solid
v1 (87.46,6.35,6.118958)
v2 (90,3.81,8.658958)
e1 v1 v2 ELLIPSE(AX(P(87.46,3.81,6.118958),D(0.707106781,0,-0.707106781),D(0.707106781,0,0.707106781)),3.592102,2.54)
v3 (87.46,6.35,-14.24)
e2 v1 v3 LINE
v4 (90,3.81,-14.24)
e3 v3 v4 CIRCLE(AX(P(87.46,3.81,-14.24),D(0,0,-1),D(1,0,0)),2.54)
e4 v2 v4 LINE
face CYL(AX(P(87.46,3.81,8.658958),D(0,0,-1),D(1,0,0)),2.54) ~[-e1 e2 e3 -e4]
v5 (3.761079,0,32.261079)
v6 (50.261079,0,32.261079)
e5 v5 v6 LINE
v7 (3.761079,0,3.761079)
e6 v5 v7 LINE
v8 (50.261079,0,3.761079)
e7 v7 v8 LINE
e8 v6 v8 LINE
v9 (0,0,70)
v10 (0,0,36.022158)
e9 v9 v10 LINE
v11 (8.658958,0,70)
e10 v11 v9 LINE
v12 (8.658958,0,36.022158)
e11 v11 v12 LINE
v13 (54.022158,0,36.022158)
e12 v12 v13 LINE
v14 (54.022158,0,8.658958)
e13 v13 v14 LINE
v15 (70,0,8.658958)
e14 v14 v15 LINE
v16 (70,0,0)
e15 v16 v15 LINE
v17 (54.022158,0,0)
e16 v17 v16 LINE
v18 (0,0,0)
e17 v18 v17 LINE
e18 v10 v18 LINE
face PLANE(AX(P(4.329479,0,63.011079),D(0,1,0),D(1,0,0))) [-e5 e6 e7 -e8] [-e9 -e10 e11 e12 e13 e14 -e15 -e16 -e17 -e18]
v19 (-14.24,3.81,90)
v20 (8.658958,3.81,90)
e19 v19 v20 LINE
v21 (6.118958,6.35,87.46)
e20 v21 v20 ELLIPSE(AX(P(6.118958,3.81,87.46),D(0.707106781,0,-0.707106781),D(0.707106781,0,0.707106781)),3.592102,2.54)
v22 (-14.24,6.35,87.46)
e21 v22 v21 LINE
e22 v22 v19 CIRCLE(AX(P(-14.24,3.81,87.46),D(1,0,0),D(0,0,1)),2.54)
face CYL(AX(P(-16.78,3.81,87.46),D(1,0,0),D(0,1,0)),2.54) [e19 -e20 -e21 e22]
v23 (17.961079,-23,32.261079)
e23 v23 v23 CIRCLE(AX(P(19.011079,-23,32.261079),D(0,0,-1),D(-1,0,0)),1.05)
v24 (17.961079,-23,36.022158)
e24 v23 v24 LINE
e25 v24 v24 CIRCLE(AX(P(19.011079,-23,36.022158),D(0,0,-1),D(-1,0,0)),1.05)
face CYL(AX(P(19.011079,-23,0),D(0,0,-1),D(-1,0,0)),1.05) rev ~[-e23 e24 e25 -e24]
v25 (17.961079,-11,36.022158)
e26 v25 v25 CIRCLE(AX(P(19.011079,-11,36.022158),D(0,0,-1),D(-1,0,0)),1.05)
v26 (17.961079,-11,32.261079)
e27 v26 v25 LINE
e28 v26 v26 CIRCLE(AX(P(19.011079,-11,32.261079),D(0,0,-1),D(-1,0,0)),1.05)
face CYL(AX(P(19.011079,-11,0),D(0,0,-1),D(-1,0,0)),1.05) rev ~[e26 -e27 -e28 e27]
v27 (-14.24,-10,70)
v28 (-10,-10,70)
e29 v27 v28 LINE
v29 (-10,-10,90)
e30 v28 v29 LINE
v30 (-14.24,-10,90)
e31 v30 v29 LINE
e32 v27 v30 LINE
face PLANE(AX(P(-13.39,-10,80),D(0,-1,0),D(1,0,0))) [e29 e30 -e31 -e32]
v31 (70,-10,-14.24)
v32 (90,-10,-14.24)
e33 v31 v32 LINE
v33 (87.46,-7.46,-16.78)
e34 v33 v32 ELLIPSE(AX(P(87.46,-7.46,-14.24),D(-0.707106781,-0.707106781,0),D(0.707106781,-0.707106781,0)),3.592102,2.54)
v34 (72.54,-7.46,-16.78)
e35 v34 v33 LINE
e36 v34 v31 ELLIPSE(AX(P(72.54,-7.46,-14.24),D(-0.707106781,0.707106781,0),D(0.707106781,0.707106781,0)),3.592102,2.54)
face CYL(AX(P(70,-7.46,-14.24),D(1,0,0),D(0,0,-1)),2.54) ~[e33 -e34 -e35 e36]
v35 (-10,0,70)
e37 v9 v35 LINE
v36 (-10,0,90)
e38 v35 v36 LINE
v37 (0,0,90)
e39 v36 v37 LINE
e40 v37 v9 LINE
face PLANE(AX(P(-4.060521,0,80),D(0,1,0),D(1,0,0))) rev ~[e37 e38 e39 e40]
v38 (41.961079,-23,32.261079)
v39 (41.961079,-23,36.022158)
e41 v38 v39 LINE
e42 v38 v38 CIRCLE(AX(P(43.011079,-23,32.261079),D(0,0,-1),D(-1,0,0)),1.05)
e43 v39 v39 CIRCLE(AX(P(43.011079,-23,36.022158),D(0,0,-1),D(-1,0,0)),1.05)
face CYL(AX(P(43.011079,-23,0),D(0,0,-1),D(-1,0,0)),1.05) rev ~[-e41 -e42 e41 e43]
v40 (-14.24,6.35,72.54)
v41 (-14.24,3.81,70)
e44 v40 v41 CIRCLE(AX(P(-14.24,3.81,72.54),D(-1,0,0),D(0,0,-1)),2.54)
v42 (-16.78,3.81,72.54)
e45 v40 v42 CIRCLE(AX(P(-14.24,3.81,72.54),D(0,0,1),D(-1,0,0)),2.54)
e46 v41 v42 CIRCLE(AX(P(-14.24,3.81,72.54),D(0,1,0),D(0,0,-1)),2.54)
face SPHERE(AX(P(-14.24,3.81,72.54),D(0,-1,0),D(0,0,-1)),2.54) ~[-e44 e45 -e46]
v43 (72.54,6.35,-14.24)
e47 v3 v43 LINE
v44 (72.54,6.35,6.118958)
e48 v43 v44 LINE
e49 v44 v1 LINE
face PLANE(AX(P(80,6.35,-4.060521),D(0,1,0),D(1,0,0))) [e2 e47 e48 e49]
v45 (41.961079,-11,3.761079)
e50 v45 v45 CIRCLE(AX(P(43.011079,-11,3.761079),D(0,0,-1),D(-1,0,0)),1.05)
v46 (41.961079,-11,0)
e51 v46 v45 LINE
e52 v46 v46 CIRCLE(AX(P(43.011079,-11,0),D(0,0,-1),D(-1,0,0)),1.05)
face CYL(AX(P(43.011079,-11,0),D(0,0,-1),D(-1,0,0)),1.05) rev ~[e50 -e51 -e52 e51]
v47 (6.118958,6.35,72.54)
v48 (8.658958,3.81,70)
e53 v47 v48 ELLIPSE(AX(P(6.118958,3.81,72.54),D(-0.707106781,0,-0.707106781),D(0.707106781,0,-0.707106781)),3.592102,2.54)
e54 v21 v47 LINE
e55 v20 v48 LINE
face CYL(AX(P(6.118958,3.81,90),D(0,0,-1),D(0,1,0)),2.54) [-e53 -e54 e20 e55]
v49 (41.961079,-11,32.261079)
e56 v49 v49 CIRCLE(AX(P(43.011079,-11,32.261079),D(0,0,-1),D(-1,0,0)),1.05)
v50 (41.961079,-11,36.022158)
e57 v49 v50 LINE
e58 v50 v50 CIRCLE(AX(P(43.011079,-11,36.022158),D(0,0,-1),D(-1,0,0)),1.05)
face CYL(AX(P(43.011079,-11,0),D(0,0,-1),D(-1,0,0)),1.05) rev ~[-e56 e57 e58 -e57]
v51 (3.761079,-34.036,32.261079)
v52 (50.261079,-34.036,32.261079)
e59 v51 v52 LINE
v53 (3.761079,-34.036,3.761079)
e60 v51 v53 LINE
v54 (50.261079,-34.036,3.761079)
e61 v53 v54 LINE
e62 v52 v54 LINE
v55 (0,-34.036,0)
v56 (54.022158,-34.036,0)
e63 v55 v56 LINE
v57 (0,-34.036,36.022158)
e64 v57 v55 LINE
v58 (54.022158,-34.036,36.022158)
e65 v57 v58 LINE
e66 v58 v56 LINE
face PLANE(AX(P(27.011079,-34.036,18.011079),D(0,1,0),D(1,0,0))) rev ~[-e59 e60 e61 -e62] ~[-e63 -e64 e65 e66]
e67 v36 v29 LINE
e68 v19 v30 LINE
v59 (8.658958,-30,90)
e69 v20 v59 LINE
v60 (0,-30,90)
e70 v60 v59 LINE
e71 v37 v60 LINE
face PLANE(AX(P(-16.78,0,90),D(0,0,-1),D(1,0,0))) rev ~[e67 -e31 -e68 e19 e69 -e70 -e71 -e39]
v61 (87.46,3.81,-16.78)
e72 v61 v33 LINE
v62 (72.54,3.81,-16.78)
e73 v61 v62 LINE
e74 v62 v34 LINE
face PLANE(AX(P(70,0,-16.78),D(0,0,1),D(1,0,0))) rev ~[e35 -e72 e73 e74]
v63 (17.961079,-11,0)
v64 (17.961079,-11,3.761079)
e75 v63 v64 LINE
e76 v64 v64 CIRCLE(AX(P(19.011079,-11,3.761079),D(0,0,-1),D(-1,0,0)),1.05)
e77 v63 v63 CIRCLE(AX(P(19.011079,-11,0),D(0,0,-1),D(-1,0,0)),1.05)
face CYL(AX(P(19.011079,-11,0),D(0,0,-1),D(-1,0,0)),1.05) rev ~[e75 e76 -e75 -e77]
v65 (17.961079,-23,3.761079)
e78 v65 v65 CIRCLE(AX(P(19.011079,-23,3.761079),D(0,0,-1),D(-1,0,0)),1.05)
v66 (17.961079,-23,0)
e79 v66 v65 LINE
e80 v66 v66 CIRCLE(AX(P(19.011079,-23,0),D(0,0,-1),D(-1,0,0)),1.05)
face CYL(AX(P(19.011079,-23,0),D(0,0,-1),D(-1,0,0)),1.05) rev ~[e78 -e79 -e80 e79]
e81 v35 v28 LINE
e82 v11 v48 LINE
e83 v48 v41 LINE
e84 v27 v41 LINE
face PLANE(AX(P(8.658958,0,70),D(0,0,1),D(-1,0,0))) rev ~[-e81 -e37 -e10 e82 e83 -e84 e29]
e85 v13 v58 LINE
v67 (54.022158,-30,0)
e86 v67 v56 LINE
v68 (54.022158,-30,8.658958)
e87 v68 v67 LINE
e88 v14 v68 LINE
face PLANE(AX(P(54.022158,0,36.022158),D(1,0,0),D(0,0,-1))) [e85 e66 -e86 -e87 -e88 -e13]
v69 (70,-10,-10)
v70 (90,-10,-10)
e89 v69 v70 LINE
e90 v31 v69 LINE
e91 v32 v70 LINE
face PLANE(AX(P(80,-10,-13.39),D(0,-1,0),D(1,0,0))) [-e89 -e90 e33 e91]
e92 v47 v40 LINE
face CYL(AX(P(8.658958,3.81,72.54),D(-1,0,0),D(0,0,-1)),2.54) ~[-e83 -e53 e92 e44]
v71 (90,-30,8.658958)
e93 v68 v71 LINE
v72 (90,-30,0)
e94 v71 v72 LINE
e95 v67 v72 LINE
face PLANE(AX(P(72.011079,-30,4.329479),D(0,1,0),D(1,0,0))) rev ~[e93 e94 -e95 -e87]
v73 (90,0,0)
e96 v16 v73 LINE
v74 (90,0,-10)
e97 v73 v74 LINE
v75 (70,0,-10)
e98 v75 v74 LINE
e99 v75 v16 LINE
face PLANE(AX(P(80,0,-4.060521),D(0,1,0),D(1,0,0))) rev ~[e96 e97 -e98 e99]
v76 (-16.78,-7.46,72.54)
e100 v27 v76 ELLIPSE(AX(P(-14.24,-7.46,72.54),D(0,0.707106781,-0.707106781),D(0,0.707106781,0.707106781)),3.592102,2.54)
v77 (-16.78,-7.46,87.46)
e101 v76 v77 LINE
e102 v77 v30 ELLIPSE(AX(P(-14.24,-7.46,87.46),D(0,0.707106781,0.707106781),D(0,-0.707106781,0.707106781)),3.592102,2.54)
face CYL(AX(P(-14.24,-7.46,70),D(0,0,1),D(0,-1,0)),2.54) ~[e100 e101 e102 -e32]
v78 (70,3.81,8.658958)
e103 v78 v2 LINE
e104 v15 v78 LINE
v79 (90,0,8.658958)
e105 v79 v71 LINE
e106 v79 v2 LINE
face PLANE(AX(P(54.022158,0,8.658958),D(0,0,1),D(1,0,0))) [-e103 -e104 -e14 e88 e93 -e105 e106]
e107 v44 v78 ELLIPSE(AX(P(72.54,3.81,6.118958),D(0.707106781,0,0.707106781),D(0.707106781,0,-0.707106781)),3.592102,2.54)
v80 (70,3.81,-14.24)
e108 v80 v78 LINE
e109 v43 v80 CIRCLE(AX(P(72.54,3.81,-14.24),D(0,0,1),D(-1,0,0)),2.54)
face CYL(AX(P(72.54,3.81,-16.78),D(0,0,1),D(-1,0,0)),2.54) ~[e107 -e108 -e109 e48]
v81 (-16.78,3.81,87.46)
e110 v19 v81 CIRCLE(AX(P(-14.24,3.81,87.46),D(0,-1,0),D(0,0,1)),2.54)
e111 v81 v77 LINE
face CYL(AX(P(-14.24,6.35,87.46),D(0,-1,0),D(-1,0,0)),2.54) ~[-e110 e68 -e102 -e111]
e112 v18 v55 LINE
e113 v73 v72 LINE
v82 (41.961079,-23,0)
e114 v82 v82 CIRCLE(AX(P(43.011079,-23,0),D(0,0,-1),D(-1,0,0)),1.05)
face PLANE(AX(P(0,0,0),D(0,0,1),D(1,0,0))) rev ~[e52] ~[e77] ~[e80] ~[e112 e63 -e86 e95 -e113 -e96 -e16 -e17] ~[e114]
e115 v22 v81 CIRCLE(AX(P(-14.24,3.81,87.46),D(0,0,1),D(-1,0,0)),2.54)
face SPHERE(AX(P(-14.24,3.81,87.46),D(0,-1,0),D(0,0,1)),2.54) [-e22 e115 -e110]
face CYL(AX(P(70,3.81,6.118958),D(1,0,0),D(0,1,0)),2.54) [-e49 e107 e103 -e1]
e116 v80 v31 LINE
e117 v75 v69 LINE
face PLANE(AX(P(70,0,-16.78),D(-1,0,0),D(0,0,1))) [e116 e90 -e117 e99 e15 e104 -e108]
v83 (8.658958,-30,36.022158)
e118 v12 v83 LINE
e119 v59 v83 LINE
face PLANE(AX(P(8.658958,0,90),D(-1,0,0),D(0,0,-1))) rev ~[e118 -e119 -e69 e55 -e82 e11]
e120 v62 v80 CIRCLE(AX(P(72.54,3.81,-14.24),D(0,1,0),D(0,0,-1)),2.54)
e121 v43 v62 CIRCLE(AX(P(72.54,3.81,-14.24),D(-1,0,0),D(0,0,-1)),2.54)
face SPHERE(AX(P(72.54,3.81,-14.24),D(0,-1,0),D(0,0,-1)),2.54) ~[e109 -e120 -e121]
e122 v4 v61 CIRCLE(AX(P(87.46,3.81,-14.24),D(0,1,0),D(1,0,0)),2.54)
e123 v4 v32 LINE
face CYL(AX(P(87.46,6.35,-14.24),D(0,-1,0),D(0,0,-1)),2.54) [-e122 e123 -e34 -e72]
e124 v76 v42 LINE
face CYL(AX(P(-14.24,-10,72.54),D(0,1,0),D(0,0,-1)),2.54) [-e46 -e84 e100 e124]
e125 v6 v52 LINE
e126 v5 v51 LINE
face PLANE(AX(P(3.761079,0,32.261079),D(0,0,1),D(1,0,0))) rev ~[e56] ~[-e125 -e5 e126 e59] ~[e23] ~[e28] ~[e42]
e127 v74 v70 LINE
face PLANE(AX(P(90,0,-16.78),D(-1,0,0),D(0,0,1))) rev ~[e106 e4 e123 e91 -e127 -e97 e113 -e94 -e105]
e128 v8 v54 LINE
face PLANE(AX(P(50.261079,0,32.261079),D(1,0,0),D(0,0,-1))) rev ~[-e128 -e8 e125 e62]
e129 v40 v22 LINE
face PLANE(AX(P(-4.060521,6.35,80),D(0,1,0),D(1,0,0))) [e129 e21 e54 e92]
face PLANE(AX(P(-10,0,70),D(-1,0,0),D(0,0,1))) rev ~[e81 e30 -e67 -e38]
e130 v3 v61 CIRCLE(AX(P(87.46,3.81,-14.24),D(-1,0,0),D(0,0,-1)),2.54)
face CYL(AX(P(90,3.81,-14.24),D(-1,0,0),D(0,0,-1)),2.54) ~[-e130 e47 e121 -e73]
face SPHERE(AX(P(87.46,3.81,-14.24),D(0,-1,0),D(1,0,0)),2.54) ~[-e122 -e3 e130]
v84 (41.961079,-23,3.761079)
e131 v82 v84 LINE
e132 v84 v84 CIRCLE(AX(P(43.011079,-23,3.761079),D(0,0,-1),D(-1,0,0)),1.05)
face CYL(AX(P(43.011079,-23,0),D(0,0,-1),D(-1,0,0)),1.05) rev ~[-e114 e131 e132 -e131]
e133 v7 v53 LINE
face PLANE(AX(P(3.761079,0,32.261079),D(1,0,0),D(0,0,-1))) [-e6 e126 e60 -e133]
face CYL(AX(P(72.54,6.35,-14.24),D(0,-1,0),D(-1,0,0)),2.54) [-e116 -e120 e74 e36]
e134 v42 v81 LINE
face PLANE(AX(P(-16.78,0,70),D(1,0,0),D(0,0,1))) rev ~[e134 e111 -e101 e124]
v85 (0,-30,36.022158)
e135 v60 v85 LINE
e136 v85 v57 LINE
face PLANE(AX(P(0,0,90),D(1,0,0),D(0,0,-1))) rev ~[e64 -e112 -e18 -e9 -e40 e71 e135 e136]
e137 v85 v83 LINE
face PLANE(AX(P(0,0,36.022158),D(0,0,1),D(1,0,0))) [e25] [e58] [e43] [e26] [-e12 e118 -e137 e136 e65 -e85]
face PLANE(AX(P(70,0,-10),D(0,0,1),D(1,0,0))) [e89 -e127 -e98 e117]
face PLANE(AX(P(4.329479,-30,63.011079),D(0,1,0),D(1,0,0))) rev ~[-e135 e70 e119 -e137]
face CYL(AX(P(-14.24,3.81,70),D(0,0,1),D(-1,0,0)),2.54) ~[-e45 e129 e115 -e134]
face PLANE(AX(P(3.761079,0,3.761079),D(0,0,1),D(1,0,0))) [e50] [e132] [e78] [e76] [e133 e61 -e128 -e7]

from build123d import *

# Parameters (mm, degrees)
SKETCH2_W           = 54.022158158
SKETCH2_H           = 36.022158158
SKETCH2_W_2         = 46.5
SKETCH2_H_2         = 28.5
BOSS_EXTRUDE1_DEPTH = 34.036
SKETCH3_W           = 8.658958029
SKETCH3_H           = 53.977841842
SKETCH3_W_2         = 35.977841842
SKETCH3_H_2         = 8.658958029
BOSS_EXTRUDE2_DEPTH = 30
BOSS_EXTRUDE3_DEPTH = 6.35
SKETCH5_W           = 20
SKETCH5_H           = 6.78
SKETCH5_W_2         = 6.78
SKETCH5_H_2         = 20
BOSS_EXTRUDE4_DEPTH = 10
FILLET1_R           = 2.54
SKETCH11_R          = 1.049999932
CUT_EXTRUDE1_DEPTH  = 132.751467908


with BuildPart() as part:
    # Sketch2 → Boss-Extrude1 (new body)
    with BuildSketch(Plane(origin=(0, 0, 0), x_dir=(1, 0, 0), z_dir=(0, 1, 0))):
        with Locations((27.011079079, -18.011079079)):
            Rectangle(SKETCH2_W, SKETCH2_H)
        with Locations((27.011079079, -18.011079079)):
            Rectangle(SKETCH2_W_2, SKETCH2_H_2, mode=Mode.SUBTRACT)
    extrude(amount=-BOSS_EXTRUDE1_DEPTH)

    # Sketch3 → Boss-Extrude2 (add)
    with BuildSketch(Plane(origin=(0, 0, 0), x_dir=(1, 0, 0), z_dir=(0, 1, 0))):
        with Locations((4.329479015, -63.011079079)):
            Rectangle(SKETCH3_W, SKETCH3_H)
        with Locations((72.011079079, -4.329479015)):
            Rectangle(SKETCH3_W_2, SKETCH3_H_2)
    extrude(amount=-BOSS_EXTRUDE2_DEPTH)

    # Sketch4 → Boss-Extrude3 (add)
    with BuildSketch(Plane(origin=(0, 0, 0), x_dir=(1, 0, 0), z_dir=(0, 1, 0))):
        Polygon((0, -90), (8.658958029, -90), (8.658958029, -70), (0, -70), (-10, -70), (-16.78, -70), (-16.78, -90), (-10, -90), align=None)
        Polygon((90, -8.658958029), (90, 0), (90, 10), (90, 16.78), (70, 16.78), (70, 10), (70, 0), (70, -8.658958029), align=None)
    extrude(amount=BOSS_EXTRUDE3_DEPTH)

    # Sketch5 → Boss-Extrude4 (add)
    with BuildSketch(Plane.XZ):
        with Locations((80, -13.39)):
            Rectangle(SKETCH5_W, SKETCH5_H)
        with Locations((-13.39, 80)):
            Rectangle(SKETCH5_W_2, SKETCH5_H_2)
    extrude(amount=BOSS_EXTRUDE4_DEPTH)

    # Fillet1
    fillet1_edges = [part.edges().sort_by_distance(p)[0] for p in [
        (80, -10, -16.78),
        (-16.78, -1.825, 70),
        (-16.78, -1.825, 90),
        (-4.060520985, 6.35, 90),
        (8.658958029, 6.35, 80),
        (-4.060520985, 6.35, 70),
        (-16.78, 6.35, 80),
        (90, -1.825, -16.78),
        (70, -1.825, -16.78),
        (80, 6.35, 8.658958029),
        (90, 6.35, -4.060520985),
        (80, 6.35, -16.78),
        (70, 6.35, -4.060520985),
        (-16.78, -10, 80),
    ]]
    fillet(fillet1_edges, radius=FILLET1_R)

    # Sketch11 → Cut-Extrude1 (cut, through all)
    with BuildSketch(Plane(origin=(0, 0, 0), x_dir=(-1, 0, 0), z_dir=(0, 0, -1))):
        with Locations((-19.011079079, -11)):
            Circle(SKETCH11_R)
        with Locations((-19.011079079, -23)):
            Circle(SKETCH11_R)
        with Locations((-43.01107908, -11)):
            Circle(SKETCH11_R)
        with Locations((-43.011079079, -23)):
            Circle(SKETCH11_R)
    extrude(amount=-CUT_EXTRUDE1_DEPTH, mode=Mode.SUBTRACT)


solid = part.part
